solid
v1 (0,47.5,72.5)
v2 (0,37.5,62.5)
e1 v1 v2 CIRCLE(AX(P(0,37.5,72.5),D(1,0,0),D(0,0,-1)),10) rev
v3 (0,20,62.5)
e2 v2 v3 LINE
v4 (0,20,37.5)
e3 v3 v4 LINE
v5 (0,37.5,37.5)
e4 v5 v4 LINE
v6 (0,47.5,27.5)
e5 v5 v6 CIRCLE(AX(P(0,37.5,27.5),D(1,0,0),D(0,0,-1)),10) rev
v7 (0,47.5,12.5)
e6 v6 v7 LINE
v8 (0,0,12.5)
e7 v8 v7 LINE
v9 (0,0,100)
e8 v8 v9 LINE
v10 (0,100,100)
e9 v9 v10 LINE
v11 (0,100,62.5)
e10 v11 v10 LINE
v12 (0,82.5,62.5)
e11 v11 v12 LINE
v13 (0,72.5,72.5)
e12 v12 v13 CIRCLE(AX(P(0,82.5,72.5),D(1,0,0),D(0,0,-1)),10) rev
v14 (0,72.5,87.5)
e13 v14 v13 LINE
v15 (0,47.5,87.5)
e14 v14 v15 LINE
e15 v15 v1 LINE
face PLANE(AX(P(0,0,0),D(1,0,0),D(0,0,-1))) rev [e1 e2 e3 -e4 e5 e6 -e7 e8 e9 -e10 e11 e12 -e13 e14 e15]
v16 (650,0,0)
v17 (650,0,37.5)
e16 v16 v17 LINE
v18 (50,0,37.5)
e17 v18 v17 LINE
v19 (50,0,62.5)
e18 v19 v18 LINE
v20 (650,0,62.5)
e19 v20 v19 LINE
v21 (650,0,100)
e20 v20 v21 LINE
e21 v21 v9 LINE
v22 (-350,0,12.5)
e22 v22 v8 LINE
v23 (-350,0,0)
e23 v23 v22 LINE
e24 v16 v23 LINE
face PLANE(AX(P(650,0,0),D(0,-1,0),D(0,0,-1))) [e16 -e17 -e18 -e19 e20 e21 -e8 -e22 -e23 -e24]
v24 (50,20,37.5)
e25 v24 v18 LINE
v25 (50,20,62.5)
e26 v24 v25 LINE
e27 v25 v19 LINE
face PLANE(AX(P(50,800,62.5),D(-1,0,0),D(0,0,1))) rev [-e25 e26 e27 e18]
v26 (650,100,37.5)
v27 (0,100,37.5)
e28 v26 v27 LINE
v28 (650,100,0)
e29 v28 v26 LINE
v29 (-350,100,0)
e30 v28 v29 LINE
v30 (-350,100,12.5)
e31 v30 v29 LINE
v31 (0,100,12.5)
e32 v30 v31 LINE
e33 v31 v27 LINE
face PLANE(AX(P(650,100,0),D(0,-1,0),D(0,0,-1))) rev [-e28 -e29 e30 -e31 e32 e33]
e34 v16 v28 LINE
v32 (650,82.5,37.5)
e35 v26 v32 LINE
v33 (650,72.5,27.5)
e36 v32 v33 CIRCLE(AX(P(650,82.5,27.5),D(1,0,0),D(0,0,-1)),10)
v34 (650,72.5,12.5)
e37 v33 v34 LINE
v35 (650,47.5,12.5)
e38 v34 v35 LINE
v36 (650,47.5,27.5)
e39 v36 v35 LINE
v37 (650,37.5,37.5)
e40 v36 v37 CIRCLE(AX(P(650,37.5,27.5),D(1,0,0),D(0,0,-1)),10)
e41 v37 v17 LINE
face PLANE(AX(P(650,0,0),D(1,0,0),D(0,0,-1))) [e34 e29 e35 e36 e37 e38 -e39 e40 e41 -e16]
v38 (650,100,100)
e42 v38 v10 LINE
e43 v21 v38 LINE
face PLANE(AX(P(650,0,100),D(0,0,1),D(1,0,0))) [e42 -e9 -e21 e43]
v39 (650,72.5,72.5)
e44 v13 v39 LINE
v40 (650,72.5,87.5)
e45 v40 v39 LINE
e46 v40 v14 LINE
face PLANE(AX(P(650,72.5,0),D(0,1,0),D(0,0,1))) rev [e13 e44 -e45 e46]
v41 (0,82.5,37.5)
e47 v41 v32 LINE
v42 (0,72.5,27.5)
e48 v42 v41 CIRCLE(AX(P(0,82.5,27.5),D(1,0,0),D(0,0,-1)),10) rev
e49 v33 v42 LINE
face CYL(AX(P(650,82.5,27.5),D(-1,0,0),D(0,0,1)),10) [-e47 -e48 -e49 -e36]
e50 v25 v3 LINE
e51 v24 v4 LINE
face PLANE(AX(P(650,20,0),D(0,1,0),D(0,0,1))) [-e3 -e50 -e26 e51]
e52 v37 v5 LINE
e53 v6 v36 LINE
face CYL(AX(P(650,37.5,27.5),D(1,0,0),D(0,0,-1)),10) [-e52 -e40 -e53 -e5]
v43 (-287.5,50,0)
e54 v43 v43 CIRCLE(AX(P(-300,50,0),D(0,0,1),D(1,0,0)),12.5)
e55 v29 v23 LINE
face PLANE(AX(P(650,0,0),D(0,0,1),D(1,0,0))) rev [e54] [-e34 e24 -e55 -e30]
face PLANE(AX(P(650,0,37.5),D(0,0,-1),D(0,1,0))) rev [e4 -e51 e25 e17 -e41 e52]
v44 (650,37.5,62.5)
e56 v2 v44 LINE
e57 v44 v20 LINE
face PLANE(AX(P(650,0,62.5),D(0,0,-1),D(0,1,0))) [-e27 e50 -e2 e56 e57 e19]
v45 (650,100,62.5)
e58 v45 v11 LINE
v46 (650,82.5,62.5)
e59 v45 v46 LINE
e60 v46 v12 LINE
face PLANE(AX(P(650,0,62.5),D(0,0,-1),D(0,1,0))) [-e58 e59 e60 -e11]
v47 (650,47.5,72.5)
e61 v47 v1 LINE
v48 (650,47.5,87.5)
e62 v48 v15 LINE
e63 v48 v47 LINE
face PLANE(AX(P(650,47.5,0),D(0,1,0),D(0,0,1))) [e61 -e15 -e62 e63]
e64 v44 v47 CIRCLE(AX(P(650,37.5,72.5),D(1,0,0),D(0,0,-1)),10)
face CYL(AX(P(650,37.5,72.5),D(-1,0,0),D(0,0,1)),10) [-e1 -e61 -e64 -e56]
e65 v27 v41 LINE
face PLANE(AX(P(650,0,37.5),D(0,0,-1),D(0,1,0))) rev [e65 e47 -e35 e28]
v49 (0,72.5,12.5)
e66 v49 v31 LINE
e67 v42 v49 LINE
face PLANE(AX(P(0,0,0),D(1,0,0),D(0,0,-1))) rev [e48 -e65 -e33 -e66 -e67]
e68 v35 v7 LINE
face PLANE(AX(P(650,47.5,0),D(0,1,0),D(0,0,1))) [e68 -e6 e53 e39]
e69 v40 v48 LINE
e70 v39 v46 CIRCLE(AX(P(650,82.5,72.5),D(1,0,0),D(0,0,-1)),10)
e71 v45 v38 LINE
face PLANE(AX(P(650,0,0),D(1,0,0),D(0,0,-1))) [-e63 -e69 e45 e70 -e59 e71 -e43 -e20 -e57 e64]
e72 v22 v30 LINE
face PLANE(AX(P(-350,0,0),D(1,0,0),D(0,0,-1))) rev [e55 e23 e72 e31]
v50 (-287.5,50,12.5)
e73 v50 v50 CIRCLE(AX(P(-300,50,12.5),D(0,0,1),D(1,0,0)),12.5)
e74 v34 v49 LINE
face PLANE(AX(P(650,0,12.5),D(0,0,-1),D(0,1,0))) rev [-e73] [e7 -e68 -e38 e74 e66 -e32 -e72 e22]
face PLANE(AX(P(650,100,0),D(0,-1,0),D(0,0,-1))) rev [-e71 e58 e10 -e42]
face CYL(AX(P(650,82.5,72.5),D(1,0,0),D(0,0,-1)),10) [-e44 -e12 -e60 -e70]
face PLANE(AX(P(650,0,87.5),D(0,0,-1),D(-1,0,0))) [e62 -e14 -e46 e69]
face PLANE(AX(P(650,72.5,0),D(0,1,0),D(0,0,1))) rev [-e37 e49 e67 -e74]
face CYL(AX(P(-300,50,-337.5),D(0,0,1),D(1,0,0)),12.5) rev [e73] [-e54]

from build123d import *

# Parameters (mm, degrees)
BOSS_EXTRUDE1_DEPTH = 650
SKETCH2_W           = 700
SKETCH2_H           = 25
CUT_EXTRUDE1_DEPTH  = 800
FILLET1_R           = 10
SKETCH3_W           = 12.5
SKETCH3_H           = 100
BOSS_EXTRUDE2_DEPTH = 350
SKETCH4_R           = 12.5
CUT_EXTRUDE2_DEPTH  = 350


with BuildPart() as part:
    # Sketch1 → Boss-Extrude1 (new body)
    with BuildSketch(Plane(origin=(0, 0, 0), x_dir=(0, 0, -1), z_dir=(1, 0, 0))):
        Polygon((-100, 0), (0, 0), (0, 100), (-37.5, 100), (-37.5, 72.5), (-12.5, 72.5), (-12.5, 47.5), (-37.5, 47.5), (-37.5, 20), (-62.5, 20), (-62.5, 47.5), (-87.5, 47.5), (-87.5, 72.5), (-62.5, 72.5), (-62.5, 100), (-100, 100), align=None)
    extrude(amount=BOSS_EXTRUDE1_DEPTH)

    # Sketch2 → Cut-Extrude1 (cut)
    with BuildSketch(Plane.XZ):
        with Locations((400, 50)):
            Rectangle(SKETCH2_W, SKETCH2_H)
    extrude(amount=-CUT_EXTRUDE1_DEPTH, mode=Mode.SUBTRACT)

    # Fillet1
    fillet1_edges = [part.edges().sort_by_distance(p)[0] for p in [
        (325, 72.5, 37.5),
        (325, 72.5, 62.5),
        (325, 47.5, 62.5),
        (325, 47.5, 37.5),
    ]]
    fillet(fillet1_edges, radius=FILLET1_R)

    # Sketch3 → Boss-Extrude2 (add)
    with BuildSketch(Plane.ZY):
        with Locations((6.25, 50)):
            Rectangle(SKETCH3_W, SKETCH3_H)
    extrude(amount=BOSS_EXTRUDE2_DEPTH)

    # Sketch4 → Cut-Extrude2 (cut)
    with BuildSketch(Plane.XY.offset(12.5)):
        with Locations((-300, 50)):
            Circle(SKETCH4_R)
    extrude(amount=-CUT_EXTRUDE2_DEPTH, mode=Mode.SUBTRACT)


solid = part.part
